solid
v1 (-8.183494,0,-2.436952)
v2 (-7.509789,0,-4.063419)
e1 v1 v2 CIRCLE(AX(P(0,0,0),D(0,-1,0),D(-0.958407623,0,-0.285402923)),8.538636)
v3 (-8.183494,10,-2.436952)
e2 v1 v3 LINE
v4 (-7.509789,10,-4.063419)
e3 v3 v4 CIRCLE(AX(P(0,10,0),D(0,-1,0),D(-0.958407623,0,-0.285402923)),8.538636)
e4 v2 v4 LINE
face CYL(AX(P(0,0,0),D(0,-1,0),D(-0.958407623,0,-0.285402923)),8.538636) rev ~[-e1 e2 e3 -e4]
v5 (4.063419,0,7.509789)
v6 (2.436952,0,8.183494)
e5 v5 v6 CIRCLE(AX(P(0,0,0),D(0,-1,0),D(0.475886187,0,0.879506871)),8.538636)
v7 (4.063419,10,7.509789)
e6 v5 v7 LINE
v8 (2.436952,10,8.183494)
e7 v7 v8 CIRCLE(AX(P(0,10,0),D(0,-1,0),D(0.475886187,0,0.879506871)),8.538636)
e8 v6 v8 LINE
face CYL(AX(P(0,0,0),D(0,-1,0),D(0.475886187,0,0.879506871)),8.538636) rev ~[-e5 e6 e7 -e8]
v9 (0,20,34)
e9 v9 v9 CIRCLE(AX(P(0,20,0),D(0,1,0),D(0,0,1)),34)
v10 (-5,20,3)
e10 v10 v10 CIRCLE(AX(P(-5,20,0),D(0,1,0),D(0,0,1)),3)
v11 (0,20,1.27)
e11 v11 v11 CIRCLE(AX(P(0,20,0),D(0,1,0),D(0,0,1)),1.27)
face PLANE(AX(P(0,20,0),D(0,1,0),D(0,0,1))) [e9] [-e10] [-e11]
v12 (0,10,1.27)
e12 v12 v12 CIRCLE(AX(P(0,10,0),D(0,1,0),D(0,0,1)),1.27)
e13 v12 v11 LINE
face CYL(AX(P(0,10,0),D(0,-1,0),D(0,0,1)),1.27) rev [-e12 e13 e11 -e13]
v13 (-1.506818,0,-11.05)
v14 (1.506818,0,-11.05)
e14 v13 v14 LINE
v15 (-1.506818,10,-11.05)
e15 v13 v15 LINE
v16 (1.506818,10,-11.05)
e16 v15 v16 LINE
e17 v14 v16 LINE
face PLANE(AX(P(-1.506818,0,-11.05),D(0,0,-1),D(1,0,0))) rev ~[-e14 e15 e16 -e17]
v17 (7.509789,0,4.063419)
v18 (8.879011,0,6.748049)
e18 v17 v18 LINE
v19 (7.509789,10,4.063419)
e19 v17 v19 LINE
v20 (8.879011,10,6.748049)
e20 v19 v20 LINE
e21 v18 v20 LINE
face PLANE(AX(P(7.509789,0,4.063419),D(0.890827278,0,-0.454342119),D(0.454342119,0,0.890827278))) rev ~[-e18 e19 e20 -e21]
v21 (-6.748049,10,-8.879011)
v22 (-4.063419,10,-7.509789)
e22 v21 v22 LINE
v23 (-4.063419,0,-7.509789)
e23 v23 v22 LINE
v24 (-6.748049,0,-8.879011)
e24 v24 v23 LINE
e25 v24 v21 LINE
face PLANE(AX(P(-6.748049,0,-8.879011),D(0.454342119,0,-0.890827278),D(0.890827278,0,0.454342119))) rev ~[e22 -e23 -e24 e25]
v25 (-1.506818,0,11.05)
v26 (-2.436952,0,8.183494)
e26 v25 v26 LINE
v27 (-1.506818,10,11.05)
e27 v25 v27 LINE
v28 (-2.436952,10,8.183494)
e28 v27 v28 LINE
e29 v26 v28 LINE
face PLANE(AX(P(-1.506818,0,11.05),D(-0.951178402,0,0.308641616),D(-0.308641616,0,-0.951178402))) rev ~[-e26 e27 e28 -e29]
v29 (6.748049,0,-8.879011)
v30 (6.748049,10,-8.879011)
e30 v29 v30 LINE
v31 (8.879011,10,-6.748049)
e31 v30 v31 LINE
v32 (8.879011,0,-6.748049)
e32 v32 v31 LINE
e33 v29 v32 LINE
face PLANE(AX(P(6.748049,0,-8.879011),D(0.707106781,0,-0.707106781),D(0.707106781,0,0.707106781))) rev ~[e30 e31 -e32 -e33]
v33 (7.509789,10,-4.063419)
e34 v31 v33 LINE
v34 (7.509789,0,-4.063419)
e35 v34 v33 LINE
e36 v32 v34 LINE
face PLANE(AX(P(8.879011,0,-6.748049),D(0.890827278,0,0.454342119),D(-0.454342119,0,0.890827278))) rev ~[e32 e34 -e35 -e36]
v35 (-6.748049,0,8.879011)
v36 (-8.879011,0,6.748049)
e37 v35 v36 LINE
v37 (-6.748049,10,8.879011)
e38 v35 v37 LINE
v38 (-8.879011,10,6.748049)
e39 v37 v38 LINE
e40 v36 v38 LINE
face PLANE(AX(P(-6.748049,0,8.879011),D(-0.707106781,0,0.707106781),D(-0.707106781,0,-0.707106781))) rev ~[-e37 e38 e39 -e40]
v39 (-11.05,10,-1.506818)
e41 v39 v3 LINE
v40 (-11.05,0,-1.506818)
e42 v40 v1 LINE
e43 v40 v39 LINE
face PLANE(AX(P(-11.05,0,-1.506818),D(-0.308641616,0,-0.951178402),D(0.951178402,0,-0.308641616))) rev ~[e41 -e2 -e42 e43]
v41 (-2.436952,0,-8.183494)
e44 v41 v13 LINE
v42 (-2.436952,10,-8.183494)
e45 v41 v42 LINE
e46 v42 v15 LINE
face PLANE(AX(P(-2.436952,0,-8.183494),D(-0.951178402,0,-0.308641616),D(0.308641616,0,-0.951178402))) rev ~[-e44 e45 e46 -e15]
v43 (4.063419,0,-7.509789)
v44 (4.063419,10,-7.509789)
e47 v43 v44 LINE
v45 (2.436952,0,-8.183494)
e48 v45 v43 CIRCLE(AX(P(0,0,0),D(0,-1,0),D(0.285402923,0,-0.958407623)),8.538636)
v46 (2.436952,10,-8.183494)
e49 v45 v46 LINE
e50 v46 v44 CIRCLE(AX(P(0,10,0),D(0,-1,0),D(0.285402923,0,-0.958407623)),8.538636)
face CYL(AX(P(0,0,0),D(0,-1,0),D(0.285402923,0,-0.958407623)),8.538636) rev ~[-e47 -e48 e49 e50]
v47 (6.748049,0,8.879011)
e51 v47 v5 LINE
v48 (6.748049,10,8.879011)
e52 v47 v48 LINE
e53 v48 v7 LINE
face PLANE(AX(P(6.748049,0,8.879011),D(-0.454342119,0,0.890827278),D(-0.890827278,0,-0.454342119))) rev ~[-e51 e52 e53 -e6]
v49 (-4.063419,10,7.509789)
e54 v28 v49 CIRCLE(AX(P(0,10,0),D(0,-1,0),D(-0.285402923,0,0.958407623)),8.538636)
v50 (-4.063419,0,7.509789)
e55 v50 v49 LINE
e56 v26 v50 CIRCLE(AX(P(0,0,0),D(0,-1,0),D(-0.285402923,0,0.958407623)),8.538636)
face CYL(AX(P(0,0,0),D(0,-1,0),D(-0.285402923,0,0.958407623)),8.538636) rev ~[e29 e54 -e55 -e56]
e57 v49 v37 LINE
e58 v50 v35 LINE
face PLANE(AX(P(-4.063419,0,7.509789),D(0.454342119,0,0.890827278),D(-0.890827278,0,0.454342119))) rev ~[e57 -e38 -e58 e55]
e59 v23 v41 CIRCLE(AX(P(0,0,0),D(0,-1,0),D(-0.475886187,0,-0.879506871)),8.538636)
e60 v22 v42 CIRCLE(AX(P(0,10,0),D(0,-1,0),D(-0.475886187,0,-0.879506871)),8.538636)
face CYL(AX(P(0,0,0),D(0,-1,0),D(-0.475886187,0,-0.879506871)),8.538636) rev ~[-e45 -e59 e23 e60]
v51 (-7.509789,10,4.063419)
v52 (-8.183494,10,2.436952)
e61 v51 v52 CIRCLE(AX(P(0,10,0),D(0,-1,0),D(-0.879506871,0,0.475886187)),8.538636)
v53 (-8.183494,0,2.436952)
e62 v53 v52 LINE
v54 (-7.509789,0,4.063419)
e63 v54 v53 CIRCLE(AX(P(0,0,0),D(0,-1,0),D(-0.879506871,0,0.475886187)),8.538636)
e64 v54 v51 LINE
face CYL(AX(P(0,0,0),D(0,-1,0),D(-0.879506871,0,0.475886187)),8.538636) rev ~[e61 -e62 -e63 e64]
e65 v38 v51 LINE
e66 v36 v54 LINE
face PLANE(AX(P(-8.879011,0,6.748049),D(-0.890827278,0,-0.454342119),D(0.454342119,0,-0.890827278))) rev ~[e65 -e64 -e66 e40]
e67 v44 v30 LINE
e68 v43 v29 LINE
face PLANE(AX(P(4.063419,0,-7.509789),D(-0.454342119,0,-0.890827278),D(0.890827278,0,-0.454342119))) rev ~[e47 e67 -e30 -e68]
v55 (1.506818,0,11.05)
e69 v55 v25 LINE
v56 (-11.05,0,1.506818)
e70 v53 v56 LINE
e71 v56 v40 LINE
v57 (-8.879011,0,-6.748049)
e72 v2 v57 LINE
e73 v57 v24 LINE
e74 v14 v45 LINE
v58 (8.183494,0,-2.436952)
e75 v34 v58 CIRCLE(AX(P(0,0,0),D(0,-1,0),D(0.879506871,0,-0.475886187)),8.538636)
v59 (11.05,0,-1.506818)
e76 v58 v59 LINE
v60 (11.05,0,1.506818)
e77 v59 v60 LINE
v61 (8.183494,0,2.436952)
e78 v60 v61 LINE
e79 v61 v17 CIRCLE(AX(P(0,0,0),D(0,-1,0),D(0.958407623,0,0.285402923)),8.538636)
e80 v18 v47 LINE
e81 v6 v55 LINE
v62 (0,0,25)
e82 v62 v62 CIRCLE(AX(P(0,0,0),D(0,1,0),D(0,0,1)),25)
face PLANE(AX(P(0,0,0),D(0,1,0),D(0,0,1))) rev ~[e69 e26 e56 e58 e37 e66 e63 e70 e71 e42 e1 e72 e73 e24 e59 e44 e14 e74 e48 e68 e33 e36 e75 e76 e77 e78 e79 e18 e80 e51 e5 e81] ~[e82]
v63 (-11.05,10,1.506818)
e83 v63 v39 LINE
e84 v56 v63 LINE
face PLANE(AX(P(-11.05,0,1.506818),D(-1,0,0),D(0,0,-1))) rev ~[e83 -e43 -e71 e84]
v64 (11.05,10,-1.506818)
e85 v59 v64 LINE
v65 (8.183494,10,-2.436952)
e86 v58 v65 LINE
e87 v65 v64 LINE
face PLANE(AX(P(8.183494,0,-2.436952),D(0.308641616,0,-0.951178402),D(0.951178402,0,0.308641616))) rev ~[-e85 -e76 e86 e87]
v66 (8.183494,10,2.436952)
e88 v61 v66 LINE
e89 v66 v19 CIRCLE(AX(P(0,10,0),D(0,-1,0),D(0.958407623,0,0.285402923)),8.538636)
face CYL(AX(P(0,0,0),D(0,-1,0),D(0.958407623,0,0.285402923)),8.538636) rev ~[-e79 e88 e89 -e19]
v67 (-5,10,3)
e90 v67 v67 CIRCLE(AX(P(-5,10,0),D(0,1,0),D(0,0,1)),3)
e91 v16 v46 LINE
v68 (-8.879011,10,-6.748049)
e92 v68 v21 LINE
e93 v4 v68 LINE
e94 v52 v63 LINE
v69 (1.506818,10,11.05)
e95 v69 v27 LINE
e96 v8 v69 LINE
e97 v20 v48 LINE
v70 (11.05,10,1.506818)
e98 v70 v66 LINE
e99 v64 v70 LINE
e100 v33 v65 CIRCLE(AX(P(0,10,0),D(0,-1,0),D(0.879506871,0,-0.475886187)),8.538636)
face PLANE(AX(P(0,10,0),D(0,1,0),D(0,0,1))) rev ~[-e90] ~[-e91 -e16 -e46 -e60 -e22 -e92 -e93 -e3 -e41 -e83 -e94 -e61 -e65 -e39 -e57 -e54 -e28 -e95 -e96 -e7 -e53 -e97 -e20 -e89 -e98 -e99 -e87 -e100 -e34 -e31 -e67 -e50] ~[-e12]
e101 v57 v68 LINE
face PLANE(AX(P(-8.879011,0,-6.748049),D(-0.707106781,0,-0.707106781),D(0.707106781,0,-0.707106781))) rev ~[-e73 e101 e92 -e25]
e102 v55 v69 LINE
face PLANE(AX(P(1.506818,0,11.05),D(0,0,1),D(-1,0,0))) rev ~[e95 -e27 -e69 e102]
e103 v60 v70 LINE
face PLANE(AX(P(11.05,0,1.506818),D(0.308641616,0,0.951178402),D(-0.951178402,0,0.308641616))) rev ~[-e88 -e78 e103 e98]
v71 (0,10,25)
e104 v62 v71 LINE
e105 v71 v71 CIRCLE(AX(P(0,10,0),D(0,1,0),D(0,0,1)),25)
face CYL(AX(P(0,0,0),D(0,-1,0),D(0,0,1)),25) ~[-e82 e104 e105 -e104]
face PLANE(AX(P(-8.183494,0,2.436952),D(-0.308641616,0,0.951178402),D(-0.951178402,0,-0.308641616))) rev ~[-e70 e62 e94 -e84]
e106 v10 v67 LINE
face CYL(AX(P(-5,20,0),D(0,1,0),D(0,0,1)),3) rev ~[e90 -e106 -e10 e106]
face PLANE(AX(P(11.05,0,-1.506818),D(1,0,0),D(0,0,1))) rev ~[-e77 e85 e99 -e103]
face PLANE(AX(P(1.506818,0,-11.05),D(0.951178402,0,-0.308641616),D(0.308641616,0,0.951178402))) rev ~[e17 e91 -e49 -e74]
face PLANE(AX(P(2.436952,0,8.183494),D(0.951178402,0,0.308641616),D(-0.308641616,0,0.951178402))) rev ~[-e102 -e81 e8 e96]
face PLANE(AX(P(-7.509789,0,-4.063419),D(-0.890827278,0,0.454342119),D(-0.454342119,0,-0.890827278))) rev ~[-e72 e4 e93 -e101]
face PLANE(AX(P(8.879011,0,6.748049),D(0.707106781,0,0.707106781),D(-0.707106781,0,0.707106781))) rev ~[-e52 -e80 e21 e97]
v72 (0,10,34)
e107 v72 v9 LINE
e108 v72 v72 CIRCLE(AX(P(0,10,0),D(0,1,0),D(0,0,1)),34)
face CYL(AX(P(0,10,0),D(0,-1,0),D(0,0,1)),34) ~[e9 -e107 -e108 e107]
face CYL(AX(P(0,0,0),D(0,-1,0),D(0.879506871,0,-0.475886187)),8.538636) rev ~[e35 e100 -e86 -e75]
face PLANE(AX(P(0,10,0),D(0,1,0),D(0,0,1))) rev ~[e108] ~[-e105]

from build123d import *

# Parameters (mm, degrees)
SKETCH1_R           = 25
BOSS_EXTRUDE1_DEPTH = 10
SKETCH2_R           = 34
SKETCH2_R_2         = 1.27
BOSS_EXTRUDE2_DEPTH = 10
SKETCH3_R           = 3
CUT_EXTRUDE1_DEPTH  = 53.076866265


with BuildPart() as part:
    # Sketch1 → Boss-Extrude1 (new body)
    with BuildSketch(Plane(origin=(0, 0, 0), x_dir=(1, 0, 0), z_dir=(0, 1, 0))):
        with Locations(Location((0, 0, 0), (0, 0, 270))):
            Circle(SKETCH1_R)
        with BuildLine():
            Line((-1.506818182, 11.05), (1.506818182, 11.05))
            Line((1.506818182, 11.05), (2.436951779, 8.183494179))
            ThreePointArc((2.436951779, 8.183494179), (3.267594671, 7.888671372), (4.063419099, 7.509789356))
            Line((4.063419099, 7.509789356), (6.748048578, 8.879011286))
            Line((6.748048578, 8.879011286), (8.879011286, 6.748048578))
            Line((8.879011286, 6.748048578), (7.509789356, 4.063419099))
            ThreePointArc((7.509789356, 4.063419099), (7.888671372, 3.267594671), (8.183494179, 2.436951779))
            Line((8.183494179, 2.436951779), (11.05, 1.506818182))
            Line((11.05, 1.506818182), (11.05, -1.506818182))
            Line((11.05, -1.506818182), (8.183494179, -2.436951779))
            ThreePointArc((8.183494179, -2.436951779), (7.888671372, -3.267594671), (7.509789356, -4.063419099))
            Line((7.509789356, -4.063419099), (8.879011286, -6.748048578))
            Line((8.879011286, -6.748048578), (6.748048578, -8.879011286))
            Line((6.748048578, -8.879011286), (4.063419099, -7.509789356))
            ThreePointArc((4.063419099, -7.509789356), (3.267594671, -7.888671372), (2.436951779, -8.183494179))
            Line((2.436951779, -8.183494179), (1.506818182, -11.05))
            Line((1.506818182, -11.05), (-1.506818182, -11.05))
            Line((-1.506818182, -11.05), (-2.436951779, -8.183494179))
            ThreePointArc((-2.436951779, -8.183494179), (-3.267594671, -7.888671372), (-4.063419099, -7.509789356))
            Line((-4.063419099, -7.509789356), (-6.748048578, -8.879011286))
            Line((-6.748048578, -8.879011286), (-8.879011286, -6.748048578))
            Line((-8.879011286, -6.748048578), (-7.509789356, -4.063419099))
            ThreePointArc((-7.509789356, -4.063419099), (-7.888671372, -3.267594671), (-8.183494179, -2.436951779))
            Line((-8.183494179, -2.436951779), (-11.05, -1.506818182))
            Line((-11.05, -1.506818182), (-11.05, 1.506818182))
            Line((-11.05, 1.506818182), (-8.183494179, 2.436951779))
            ThreePointArc((-8.183494179, 2.436951779), (-7.888671372, 3.267594671), (-7.509789356, 4.063419099))
            Line((-7.509789356, 4.063419099), (-8.879011286, 6.748048578))
            Line((-8.879011286, 6.748048578), (-6.748048578, 8.879011286))
            Line((-6.748048578, 8.879011286), (-4.063419099, 7.509789356))
            ThreePointArc((-4.063419099, 7.509789356), (-3.267594671, 7.888671372), (-2.436951779, 8.183494179))
            Line((-2.436951779, 8.183494179), (-1.506818182, 11.05))
        make_face(mode=Mode.SUBTRACT)
    extrude(amount=BOSS_EXTRUDE1_DEPTH)

    # Sketch2 → Boss-Extrude2 (add)
    with BuildSketch(Plane(origin=(0, 10, 0), x_dir=(1, 0, 0), z_dir=(0, 1, 0))):
        with Locations(Location((0, 0, 0), (0, 0, 270))):
            Circle(SKETCH2_R)
        with Locations(Location((0, 0, 0), (0, 0, 270))):
            Circle(SKETCH2_R_2, mode=Mode.SUBTRACT)
    extrude(amount=BOSS_EXTRUDE2_DEPTH)

    # Sketch3 → Cut-Extrude1 (cut, through all)
    with BuildSketch(Plane(origin=(0, 20, 0), x_dir=(1, 0, 0), z_dir=(0, 1, 0))):
        with Locations(Location((-5, 0, 0), (0, 0, 270))):
            Circle(SKETCH3_R)
    extrude(amount=-CUT_EXTRUDE1_DEPTH, mode=Mode.SUBTRACT)


solid = part.part
